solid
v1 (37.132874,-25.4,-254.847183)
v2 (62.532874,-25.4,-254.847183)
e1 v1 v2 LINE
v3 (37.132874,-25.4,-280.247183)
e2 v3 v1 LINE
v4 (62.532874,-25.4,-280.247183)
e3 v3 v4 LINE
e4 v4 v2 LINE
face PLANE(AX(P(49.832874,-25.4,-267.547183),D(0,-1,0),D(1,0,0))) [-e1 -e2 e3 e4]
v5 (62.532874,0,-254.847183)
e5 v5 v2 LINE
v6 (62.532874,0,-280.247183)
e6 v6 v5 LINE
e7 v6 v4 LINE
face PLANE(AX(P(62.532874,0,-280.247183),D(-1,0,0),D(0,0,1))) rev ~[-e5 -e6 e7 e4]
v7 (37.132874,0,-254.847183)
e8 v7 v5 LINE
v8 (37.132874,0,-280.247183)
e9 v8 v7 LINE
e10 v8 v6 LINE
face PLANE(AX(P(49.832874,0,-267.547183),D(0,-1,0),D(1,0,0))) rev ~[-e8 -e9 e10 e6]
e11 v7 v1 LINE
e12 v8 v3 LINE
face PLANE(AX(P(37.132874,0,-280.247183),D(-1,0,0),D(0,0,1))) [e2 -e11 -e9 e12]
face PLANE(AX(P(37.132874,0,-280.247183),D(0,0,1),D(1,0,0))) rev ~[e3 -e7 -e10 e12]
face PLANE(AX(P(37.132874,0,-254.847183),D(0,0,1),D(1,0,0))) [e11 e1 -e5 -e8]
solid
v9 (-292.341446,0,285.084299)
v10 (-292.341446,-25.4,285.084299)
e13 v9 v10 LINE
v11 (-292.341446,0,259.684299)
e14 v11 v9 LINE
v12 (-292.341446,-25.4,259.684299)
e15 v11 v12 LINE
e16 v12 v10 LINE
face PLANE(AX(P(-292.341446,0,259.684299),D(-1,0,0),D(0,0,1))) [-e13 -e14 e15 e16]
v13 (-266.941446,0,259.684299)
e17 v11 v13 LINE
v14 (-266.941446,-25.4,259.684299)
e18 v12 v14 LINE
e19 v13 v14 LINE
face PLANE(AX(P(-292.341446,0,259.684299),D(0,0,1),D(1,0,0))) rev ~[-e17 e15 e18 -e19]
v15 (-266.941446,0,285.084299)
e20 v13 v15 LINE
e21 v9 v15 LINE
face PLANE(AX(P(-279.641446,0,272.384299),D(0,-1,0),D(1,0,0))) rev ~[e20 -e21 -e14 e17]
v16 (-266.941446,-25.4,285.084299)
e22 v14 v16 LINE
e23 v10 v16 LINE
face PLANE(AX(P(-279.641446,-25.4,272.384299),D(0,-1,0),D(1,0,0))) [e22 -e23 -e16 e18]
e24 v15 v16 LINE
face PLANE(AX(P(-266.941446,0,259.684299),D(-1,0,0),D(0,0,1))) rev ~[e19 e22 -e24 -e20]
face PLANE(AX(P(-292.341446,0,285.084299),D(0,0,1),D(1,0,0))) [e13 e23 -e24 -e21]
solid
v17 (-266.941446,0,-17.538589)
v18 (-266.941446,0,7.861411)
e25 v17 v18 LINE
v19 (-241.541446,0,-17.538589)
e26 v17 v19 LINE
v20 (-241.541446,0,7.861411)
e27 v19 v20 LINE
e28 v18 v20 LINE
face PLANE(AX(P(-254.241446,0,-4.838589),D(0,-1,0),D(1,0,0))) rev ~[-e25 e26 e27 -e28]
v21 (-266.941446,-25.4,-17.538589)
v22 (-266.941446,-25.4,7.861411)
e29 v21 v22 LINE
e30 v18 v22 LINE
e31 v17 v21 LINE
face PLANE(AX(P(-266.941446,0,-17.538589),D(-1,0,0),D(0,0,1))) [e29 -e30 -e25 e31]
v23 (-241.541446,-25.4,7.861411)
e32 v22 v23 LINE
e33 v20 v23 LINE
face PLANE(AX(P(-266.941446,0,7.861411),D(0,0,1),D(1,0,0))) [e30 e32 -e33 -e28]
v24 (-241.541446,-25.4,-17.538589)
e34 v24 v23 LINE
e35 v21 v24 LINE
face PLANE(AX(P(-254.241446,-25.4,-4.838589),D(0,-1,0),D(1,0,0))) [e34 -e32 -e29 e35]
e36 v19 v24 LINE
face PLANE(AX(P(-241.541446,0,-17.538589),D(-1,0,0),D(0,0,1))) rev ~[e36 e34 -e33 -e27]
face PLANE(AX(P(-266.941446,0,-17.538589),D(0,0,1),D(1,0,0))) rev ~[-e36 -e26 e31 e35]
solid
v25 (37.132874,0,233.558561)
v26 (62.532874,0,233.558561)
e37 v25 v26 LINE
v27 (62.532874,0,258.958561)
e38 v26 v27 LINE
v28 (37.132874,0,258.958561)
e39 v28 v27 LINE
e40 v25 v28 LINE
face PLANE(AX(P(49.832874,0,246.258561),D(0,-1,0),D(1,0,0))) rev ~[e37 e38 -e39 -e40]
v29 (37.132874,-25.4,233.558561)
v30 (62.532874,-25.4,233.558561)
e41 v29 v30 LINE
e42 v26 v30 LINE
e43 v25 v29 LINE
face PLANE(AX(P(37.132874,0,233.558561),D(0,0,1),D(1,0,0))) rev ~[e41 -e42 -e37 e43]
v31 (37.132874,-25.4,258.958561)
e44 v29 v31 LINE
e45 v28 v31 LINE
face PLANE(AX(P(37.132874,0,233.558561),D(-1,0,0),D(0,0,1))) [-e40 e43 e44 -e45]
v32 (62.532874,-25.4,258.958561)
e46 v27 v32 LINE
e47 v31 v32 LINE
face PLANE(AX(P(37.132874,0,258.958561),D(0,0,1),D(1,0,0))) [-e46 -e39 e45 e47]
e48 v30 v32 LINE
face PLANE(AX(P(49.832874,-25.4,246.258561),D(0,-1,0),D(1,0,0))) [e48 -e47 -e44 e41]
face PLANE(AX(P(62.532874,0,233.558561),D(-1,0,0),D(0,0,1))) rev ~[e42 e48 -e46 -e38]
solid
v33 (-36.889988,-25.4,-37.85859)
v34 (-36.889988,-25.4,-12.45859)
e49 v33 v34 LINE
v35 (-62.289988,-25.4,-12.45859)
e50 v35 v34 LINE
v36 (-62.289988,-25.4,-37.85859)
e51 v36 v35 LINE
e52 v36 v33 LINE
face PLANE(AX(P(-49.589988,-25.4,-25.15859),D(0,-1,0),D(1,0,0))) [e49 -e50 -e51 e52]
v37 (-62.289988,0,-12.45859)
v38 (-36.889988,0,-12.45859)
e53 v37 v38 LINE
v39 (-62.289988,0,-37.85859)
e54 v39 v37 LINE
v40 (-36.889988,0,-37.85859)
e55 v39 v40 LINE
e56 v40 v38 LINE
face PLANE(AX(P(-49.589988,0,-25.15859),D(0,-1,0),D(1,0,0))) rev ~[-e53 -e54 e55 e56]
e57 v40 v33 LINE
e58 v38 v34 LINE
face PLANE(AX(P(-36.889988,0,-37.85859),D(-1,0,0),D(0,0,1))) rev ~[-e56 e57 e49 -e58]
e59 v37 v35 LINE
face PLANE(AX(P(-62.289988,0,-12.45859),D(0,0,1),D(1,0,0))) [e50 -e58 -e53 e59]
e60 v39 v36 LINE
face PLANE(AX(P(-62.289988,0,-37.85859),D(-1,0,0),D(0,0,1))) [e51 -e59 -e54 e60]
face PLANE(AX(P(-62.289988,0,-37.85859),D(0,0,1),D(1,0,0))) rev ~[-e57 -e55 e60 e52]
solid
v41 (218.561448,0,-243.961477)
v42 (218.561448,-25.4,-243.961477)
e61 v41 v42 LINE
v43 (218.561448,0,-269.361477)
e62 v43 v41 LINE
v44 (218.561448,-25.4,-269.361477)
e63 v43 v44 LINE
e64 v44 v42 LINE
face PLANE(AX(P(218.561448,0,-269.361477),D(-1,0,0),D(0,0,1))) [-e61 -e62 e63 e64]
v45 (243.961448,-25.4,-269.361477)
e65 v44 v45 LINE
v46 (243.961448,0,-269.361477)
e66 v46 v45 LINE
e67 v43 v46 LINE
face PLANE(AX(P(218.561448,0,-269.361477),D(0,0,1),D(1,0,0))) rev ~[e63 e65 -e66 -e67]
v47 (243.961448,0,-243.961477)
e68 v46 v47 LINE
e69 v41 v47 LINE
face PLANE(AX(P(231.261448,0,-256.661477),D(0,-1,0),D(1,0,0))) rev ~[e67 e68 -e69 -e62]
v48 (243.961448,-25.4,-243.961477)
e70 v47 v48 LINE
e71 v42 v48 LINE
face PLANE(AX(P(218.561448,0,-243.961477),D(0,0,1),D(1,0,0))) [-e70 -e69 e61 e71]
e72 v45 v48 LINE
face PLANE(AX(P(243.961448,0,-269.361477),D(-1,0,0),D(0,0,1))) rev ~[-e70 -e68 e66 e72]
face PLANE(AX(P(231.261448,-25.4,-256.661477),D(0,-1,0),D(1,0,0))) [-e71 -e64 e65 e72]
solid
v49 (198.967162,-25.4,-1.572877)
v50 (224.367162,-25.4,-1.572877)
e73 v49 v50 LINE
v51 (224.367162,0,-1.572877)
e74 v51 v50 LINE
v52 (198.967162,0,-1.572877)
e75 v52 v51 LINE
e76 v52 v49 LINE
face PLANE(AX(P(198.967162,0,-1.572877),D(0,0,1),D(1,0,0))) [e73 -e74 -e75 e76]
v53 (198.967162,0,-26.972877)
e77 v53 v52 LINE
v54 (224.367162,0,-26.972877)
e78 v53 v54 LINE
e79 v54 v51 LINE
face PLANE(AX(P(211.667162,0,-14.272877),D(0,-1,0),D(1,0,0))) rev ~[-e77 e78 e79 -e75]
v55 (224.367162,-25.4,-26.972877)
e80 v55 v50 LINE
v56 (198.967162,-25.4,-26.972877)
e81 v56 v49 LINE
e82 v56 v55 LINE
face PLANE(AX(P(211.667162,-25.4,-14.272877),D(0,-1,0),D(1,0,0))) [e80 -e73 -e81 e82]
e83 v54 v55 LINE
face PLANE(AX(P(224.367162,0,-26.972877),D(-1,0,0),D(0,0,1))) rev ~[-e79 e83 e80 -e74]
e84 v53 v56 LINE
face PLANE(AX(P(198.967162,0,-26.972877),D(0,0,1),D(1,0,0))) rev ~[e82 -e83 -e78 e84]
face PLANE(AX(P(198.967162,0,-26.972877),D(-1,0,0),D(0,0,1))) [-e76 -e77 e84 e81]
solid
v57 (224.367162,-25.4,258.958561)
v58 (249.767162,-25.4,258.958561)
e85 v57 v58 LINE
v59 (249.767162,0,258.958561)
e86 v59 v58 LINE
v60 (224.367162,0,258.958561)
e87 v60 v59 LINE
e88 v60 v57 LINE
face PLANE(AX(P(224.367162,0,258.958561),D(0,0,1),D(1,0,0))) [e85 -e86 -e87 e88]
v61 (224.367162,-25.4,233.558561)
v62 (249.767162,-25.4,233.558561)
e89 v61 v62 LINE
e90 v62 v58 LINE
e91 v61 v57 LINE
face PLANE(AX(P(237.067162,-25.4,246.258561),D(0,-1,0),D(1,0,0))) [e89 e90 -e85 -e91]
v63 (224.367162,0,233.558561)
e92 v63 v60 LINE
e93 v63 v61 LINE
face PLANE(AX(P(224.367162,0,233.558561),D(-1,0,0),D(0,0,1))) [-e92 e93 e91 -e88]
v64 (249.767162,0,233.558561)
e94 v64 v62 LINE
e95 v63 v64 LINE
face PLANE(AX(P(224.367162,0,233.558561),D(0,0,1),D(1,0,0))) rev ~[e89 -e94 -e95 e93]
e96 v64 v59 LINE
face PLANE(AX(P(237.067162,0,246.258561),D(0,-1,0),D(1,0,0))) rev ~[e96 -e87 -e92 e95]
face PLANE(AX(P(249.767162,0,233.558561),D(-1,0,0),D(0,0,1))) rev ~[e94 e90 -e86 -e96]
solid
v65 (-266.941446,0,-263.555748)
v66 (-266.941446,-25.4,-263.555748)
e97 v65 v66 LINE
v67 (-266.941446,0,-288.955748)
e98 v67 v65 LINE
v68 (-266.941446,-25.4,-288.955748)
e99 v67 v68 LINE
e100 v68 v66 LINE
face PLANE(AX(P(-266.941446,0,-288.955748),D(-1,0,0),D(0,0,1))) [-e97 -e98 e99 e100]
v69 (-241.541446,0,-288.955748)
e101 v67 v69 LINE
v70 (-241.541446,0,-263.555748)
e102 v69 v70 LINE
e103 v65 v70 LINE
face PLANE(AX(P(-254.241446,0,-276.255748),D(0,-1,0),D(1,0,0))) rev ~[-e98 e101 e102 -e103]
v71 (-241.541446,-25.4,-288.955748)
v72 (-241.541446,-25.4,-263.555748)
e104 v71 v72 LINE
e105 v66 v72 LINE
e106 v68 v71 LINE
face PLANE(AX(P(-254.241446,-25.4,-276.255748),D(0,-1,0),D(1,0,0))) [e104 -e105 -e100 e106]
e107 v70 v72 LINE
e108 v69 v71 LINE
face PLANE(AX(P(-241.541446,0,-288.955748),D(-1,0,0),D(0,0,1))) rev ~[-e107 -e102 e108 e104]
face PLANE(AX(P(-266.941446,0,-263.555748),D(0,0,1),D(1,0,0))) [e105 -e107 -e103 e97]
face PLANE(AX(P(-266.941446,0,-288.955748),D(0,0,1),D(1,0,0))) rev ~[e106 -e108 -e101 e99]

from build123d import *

# Parameters (mm, degrees)
F0_W     = 25.4
F0_H     = 25.4
F1_DEPTH = 25.4


with BuildPart() as f1:
    # F0 (on Front) → F1 (new body)
    with BuildSketch(Plane.XZ):
        with Locations((-279.641446, 272.384299)):
            Rectangle(F0_W, F0_H)
        with Locations((49.832874, 246.258561)):
            Rectangle(F0_W, F0_H)
        with Locations((237.067162, 246.258561)):
            Rectangle(F0_W, F0_H)
        with Locations((-254.241446, -4.838589)):
            Rectangle(F0_W, F0_H)
        with Locations((-49.589988, -25.15859)):
            Rectangle(F0_W, F0_H)
        with Locations((211.667162, -14.272877)):
            Rectangle(F0_W, F0_H)
        with Locations((-254.241446, -276.255748)):
            Rectangle(F0_W, F0_H)
        with Locations((49.832874, -267.547183)):
            Rectangle(F0_W, F0_H)
        with Locations((231.261448, -256.661477)):
            Rectangle(F0_W, F0_H)
    extrude(amount=F1_DEPTH)


solid = f1.part
